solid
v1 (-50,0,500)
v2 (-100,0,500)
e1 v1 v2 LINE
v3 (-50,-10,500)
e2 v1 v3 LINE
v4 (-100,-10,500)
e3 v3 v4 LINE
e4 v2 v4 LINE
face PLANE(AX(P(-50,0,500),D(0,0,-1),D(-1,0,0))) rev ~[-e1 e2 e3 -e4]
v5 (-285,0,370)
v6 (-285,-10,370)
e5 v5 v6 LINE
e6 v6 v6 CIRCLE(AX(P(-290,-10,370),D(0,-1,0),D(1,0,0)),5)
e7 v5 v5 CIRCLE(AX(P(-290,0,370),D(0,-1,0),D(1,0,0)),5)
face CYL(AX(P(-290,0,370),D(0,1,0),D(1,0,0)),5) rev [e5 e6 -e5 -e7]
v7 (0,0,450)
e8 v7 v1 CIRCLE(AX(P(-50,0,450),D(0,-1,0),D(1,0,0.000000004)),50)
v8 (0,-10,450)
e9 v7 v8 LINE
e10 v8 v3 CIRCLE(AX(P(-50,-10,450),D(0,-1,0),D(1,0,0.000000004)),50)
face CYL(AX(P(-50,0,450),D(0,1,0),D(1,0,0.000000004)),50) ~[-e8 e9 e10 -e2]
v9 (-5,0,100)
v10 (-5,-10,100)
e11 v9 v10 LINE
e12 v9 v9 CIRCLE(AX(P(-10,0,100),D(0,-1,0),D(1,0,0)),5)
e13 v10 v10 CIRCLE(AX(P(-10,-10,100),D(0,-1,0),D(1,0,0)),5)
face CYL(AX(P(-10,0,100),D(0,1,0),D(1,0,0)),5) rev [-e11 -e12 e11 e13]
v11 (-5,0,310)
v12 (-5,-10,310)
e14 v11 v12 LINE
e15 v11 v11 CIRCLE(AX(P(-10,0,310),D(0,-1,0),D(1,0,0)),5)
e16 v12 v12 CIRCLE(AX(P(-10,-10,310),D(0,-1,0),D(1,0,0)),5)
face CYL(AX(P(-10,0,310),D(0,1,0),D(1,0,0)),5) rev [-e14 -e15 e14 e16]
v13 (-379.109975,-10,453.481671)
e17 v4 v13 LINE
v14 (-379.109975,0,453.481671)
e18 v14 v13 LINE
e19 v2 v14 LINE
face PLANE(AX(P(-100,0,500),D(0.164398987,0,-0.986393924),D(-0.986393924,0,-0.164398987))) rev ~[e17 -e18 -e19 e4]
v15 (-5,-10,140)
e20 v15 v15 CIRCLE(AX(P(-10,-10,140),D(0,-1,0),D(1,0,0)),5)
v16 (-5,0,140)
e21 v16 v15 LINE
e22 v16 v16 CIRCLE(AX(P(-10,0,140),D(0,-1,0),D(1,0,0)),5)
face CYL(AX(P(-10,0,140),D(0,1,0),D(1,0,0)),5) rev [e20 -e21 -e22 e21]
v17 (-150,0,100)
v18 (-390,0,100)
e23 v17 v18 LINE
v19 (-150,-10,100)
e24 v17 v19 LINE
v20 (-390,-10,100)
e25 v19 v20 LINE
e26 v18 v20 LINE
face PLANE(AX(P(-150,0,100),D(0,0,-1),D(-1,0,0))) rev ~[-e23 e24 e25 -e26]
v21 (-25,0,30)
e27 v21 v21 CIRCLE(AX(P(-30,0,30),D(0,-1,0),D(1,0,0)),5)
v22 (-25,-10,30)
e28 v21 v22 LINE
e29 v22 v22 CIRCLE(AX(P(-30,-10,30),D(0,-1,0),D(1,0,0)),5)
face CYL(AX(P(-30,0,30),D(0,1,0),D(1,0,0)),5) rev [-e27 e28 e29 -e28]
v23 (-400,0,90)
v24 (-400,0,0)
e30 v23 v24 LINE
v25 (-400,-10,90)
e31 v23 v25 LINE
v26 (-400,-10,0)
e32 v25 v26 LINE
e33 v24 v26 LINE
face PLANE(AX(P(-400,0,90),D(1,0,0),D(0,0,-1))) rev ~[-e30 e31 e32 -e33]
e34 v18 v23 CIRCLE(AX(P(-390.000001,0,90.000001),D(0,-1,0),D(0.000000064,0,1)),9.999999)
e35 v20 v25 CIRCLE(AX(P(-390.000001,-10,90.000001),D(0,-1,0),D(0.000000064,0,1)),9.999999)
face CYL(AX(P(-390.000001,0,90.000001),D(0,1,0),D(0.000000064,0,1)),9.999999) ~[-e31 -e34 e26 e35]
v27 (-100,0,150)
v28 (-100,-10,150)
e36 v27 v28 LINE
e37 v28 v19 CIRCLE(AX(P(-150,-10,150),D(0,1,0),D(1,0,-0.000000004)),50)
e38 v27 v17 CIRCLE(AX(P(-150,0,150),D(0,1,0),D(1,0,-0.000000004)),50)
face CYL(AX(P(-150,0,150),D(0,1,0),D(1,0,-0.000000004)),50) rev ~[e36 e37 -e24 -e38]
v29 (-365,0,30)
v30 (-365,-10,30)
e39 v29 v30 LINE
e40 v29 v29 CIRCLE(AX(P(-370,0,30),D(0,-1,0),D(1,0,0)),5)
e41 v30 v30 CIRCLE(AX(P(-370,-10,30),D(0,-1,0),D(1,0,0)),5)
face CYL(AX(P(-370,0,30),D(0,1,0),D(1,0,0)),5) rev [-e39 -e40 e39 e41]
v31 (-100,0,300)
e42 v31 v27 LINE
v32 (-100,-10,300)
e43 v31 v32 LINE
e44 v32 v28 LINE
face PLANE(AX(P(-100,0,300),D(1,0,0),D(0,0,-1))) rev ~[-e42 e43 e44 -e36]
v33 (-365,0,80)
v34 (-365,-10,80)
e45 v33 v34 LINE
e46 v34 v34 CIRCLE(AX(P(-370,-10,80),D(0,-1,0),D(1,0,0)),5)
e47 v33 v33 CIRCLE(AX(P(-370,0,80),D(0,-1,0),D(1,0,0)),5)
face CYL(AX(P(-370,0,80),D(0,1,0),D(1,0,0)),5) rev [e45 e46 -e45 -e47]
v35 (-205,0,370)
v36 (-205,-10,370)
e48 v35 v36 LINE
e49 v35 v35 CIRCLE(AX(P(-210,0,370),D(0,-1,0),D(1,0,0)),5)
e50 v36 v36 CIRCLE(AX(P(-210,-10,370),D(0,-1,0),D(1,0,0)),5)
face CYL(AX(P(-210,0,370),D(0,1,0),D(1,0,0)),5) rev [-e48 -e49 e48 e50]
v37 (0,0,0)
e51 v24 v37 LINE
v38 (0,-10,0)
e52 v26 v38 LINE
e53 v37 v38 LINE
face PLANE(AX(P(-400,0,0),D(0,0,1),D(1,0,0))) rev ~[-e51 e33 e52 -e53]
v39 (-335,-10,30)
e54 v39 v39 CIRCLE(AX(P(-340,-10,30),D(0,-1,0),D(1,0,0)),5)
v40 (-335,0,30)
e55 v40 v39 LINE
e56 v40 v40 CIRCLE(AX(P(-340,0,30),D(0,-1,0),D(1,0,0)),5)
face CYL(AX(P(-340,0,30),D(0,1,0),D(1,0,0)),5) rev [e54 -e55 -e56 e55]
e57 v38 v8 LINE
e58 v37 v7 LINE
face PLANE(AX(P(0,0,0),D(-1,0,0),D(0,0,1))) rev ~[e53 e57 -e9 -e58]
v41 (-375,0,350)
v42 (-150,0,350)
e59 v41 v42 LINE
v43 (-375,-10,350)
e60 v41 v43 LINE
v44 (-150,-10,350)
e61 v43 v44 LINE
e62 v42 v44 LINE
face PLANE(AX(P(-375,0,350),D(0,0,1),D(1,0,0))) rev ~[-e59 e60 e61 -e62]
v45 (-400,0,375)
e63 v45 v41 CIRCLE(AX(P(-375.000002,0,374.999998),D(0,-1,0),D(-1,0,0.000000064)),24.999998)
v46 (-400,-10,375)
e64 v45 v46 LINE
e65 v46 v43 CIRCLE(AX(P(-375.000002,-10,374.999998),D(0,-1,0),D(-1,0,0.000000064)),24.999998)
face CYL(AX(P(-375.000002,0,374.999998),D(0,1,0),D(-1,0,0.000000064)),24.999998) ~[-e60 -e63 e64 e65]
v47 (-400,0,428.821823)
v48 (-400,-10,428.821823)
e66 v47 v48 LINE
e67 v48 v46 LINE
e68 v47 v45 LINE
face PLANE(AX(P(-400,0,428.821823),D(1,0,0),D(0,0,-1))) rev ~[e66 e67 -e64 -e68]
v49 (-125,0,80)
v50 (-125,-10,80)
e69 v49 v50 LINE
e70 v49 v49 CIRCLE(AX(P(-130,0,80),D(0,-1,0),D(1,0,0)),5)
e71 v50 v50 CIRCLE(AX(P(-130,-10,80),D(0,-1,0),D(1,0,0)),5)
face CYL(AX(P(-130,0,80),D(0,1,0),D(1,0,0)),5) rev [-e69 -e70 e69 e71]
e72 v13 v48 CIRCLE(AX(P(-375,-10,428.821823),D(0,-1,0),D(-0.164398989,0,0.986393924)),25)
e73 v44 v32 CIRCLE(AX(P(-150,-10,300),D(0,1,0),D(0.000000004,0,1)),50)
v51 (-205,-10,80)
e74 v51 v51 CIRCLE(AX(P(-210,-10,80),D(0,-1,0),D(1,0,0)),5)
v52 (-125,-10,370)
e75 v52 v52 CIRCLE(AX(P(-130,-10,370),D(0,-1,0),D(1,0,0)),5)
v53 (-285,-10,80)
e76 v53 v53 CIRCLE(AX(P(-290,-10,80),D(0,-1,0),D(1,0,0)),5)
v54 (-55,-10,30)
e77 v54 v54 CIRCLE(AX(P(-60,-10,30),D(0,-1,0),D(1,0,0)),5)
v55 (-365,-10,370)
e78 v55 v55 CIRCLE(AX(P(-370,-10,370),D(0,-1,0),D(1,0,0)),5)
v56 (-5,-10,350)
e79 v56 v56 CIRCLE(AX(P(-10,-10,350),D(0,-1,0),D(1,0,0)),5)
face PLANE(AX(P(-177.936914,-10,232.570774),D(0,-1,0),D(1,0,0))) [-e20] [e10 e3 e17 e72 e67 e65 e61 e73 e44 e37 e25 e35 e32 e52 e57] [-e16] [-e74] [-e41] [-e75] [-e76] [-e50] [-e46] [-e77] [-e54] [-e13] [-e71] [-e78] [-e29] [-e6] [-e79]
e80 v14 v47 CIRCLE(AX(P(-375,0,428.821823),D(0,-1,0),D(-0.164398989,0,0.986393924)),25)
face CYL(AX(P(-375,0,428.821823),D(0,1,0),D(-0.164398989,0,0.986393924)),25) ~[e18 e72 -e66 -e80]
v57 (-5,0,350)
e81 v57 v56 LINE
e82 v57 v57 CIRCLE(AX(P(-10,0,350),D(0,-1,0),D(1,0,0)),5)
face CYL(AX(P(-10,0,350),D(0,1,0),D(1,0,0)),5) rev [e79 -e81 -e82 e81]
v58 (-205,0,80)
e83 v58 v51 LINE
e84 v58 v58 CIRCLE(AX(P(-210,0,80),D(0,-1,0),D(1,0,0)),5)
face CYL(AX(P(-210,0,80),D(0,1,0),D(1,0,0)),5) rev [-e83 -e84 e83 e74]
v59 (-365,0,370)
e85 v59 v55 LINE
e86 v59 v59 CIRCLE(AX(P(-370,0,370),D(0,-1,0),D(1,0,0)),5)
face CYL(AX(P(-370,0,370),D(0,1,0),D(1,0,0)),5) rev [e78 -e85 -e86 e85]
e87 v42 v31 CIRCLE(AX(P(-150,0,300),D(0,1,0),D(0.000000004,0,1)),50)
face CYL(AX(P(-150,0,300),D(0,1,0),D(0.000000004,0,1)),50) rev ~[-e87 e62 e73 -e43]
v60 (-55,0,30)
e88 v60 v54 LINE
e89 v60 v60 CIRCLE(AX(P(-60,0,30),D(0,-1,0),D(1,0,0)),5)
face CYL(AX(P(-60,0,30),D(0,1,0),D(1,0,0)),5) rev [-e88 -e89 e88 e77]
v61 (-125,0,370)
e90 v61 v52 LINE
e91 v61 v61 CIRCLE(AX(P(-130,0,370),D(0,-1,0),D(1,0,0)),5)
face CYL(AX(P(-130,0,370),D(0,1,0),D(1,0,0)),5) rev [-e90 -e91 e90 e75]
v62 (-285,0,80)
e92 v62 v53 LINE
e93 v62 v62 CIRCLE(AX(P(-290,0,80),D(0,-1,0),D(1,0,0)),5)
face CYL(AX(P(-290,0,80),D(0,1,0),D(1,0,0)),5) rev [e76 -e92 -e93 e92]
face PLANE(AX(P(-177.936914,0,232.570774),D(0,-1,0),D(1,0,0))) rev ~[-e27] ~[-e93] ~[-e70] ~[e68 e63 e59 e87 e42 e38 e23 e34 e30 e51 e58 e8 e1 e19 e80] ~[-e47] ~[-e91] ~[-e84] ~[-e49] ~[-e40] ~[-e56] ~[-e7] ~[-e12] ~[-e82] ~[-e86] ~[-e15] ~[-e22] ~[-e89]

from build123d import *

# Parameters (mm, degrees)
F0_R     = 5
F1_DEPTH = 10


with BuildPart() as f1:
    # F0 (on Front) → F1 (new body)
    with BuildSketch(Plane.XZ):
        with BuildLine():
            Line((-400, 90), (-400, 0))
            Line((-400, 0), (0, 0))
            Line((0, 0), (0, 450))
            ThreePointArc((0, 450), (-14.644661, 485.355339), (-50, 500))
            Line((-50, 500), (-100, 500))
            Line((-100, 500), (-379.109975, 453.481671))
            ThreePointArc((-379.109975, 453.481671), (-394.0755, 444.981195), (-400, 428.821823))
            Line((-400, 428.821823), (-400, 375))
            ThreePointArc((-400, 375), (-392.67767, 357.32233), (-375, 350))
            Line((-375, 350), (-150, 350))
            ThreePointArc((-150, 350), (-114.644661, 335.355339), (-100, 300))
            Line((-100, 300), (-100, 150))
            ThreePointArc((-100, 150), (-114.644661, 114.644661), (-150, 100))
            Line((-150, 100), (-390, 100))
            ThreePointArc((-390, 100), (-397.071068, 97.071068), (-400, 90))
        make_face()
        with Locations((-370, 30)):
            Circle(F0_R, mode=Mode.SUBTRACT)
        with Locations((-340, 30)):
            Circle(F0_R, mode=Mode.SUBTRACT)
        with Locations((-370, 80)):
            Circle(F0_R, mode=Mode.SUBTRACT)
        with Locations((-290, 80)):
            Circle(F0_R, mode=Mode.SUBTRACT)
        with Locations((-210, 80)):
            Circle(F0_R, mode=Mode.SUBTRACT)
        with Locations((-130, 80)):
            Circle(F0_R, mode=Mode.SUBTRACT)
        with Locations((-60, 30)):
            Circle(F0_R, mode=Mode.SUBTRACT)
        with Locations((-30, 30)):
            Circle(F0_R, mode=Mode.SUBTRACT)
        with Locations((-10, 100)):
            Circle(F0_R, mode=Mode.SUBTRACT)
        with Locations((-10, 140)):
            Circle(F0_R, mode=Mode.SUBTRACT)
        with Locations((-370, 370)):
            Circle(F0_R, mode=Mode.SUBTRACT)
        with Locations((-290, 370)):
            Circle(F0_R, mode=Mode.SUBTRACT)
        with Locations((-210, 370)):
            Circle(F0_R, mode=Mode.SUBTRACT)
        with Locations((-130, 370)):
            Circle(F0_R, mode=Mode.SUBTRACT)
        with Locations((-10, 310)):
            Circle(F0_R, mode=Mode.SUBTRACT)
        with Locations((-10, 350)):
            Circle(F0_R, mode=Mode.SUBTRACT)
    extrude(amount=F1_DEPTH)


solid = f1.part
